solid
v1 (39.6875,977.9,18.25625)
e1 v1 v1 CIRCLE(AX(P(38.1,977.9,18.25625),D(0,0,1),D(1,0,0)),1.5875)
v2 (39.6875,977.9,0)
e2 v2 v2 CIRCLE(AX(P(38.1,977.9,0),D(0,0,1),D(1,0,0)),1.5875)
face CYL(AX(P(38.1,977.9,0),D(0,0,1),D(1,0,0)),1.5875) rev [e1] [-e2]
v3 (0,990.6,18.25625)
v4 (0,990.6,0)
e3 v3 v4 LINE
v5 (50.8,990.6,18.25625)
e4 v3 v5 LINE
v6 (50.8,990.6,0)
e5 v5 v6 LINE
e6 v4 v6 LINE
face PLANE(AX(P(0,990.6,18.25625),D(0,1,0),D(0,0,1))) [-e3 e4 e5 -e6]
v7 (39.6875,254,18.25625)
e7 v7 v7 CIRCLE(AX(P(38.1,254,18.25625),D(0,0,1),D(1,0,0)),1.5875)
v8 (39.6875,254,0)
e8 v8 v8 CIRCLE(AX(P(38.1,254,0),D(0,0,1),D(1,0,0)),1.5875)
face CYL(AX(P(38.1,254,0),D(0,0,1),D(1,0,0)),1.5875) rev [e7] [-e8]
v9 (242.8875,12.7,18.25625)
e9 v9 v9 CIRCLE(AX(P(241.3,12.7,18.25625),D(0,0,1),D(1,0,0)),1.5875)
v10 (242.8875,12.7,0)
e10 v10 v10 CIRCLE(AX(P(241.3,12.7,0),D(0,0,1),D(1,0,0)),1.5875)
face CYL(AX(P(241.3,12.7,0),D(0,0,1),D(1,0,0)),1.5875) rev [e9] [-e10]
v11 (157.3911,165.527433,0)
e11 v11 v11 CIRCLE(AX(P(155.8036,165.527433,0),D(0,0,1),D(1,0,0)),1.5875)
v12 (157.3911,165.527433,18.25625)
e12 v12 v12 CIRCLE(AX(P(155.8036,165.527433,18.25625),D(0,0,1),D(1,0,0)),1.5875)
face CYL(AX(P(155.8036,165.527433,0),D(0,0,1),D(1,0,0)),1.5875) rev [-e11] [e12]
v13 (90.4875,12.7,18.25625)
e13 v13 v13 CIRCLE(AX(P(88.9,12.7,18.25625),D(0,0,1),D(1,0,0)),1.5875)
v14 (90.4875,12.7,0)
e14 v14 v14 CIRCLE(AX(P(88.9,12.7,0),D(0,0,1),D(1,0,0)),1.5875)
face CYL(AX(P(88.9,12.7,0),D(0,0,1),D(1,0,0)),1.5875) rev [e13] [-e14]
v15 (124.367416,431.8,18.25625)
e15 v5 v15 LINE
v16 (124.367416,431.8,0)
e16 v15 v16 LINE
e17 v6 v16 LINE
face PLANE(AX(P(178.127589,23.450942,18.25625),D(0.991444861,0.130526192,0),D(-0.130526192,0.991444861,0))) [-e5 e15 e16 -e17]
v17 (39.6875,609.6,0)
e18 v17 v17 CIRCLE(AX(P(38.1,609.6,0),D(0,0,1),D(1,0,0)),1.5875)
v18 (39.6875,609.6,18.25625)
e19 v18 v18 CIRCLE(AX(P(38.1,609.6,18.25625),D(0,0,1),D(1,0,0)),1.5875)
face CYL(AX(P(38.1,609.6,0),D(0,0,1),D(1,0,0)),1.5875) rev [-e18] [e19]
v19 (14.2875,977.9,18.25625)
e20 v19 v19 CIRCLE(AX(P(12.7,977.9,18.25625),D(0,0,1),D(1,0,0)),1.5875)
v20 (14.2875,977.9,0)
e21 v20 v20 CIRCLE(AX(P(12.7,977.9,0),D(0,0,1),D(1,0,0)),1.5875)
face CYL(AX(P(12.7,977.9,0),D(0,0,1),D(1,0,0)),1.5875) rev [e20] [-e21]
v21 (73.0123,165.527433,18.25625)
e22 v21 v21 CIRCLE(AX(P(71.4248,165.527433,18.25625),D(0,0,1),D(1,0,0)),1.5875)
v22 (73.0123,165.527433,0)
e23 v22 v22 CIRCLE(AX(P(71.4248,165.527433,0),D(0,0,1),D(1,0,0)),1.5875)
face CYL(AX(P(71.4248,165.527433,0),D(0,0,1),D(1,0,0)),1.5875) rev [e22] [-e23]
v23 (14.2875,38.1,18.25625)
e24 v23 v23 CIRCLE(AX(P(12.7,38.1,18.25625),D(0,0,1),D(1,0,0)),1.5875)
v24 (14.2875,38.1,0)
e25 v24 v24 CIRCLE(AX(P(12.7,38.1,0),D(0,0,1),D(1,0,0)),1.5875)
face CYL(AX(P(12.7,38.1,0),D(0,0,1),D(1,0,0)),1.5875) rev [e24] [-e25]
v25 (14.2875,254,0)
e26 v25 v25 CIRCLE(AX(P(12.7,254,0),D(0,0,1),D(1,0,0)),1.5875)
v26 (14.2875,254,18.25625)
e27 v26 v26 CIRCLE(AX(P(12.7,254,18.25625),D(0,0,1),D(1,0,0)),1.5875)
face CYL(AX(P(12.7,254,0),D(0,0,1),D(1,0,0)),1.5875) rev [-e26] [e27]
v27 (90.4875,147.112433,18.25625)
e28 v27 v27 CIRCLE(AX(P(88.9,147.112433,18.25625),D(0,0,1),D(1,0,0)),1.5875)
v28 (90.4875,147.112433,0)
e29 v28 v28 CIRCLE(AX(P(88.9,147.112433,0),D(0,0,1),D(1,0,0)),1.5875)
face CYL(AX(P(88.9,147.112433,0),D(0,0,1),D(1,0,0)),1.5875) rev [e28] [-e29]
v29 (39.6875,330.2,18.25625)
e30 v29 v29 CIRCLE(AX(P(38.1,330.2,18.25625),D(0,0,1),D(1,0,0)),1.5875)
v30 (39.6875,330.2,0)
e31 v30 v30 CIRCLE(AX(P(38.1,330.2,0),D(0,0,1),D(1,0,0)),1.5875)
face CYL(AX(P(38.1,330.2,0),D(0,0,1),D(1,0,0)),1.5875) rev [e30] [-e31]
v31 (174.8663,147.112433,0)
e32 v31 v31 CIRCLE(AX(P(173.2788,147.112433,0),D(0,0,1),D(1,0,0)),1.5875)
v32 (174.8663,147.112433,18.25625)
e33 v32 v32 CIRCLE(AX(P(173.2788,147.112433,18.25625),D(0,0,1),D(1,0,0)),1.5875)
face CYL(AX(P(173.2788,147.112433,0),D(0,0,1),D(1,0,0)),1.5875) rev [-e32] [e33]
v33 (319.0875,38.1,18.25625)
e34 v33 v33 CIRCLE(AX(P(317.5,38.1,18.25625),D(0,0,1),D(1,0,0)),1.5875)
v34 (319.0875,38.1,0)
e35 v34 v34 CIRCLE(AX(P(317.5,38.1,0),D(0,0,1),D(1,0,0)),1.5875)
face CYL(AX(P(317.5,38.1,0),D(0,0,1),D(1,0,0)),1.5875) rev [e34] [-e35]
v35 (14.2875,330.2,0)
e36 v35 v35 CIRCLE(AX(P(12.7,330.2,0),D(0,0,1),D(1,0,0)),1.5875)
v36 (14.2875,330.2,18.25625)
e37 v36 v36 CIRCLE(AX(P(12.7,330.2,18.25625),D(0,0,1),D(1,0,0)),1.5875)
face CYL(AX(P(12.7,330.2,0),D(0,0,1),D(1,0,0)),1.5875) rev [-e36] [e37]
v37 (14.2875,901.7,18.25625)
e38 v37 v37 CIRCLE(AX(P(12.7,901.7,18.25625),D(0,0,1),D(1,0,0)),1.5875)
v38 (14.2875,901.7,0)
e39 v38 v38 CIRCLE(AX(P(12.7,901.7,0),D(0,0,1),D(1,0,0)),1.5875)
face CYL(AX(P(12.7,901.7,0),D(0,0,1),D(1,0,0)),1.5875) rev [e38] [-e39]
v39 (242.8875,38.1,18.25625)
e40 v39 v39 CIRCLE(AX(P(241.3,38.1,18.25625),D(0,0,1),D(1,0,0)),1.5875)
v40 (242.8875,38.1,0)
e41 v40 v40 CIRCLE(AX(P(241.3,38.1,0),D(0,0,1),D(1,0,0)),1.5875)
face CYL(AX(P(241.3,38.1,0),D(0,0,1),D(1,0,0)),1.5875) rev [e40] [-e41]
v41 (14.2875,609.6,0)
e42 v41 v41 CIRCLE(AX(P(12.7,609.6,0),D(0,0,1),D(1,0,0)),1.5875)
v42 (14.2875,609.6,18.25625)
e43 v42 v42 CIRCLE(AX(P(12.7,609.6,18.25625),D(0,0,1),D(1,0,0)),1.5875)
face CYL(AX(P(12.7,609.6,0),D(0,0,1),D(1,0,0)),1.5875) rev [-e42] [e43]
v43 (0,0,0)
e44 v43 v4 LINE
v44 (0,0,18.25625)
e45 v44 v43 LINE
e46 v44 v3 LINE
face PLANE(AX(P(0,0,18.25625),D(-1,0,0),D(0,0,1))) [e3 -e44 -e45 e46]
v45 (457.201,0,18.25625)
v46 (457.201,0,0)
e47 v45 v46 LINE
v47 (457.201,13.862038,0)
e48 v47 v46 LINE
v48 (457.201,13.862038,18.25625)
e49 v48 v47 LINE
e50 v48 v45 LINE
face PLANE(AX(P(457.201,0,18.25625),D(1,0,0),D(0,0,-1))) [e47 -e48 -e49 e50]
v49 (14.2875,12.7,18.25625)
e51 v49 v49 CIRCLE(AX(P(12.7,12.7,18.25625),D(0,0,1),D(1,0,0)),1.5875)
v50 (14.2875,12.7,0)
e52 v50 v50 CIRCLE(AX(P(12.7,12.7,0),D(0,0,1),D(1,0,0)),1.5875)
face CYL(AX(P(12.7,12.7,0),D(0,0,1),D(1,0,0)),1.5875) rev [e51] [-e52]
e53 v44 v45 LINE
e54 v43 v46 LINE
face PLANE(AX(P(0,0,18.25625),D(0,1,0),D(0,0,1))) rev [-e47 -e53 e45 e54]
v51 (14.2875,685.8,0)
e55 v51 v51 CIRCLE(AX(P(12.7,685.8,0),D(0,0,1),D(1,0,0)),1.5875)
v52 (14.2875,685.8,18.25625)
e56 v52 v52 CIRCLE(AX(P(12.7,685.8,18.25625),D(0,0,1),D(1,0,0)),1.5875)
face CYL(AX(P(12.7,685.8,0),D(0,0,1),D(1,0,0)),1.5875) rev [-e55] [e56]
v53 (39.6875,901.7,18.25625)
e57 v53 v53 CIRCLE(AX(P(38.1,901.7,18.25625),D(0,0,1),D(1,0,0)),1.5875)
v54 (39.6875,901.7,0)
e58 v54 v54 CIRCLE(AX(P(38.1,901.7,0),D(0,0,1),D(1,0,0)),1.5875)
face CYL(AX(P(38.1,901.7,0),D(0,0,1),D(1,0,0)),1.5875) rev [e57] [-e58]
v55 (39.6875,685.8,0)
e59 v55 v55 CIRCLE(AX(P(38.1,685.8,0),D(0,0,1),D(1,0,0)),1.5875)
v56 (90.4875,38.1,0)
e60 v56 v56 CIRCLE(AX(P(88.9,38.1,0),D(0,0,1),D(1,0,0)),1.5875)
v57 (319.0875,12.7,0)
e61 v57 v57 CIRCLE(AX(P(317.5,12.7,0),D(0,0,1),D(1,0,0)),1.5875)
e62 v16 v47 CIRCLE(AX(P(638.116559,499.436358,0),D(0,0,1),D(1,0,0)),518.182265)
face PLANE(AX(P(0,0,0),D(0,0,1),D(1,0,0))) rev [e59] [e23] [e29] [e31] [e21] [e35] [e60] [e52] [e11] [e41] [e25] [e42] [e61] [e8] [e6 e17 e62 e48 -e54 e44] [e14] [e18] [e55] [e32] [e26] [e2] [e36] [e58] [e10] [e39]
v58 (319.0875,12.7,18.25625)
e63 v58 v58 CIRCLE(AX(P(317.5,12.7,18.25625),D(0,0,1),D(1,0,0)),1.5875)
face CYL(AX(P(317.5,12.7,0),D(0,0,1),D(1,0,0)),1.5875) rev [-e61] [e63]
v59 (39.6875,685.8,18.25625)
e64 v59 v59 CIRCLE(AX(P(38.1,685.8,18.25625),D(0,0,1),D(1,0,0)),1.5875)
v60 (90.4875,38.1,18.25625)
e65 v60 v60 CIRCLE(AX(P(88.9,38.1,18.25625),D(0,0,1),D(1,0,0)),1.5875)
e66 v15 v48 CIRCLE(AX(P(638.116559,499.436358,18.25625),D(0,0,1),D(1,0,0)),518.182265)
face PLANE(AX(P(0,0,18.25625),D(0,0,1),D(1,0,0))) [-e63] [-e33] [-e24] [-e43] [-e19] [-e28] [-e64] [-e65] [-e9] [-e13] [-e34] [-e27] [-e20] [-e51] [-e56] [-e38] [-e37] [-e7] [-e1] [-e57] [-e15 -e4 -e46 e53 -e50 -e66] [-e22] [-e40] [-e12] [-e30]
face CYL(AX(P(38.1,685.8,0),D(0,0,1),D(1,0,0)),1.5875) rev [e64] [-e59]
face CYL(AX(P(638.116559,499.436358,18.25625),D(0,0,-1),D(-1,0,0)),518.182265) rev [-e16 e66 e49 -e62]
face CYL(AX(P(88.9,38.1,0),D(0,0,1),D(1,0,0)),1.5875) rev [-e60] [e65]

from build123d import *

# Parameters (mm, degrees)
BOSS_EXTRUDE1_DEPTH = 18.25625
SKETCH2_R           = 1.5875
CUT_EXTRUDE1_DEPTH  = 19.25625
SKETCH3_R           = 1.5875
CUT_EXTRUDE2_DEPTH  = 19.25625


with BuildPart() as part:
    # Sketch1 → Boss-Extrude1 (new body)
    with BuildSketch(Plane.XY):
        with BuildLine():
            Line((0, 990.6), (0, 0))
            Line((0, 0), (457.201, 0))
            Line((457.201, 0), (457.201, 13.862038208))
            ThreePointArc((457.201, 13.862038208), (232.767577124, 176.628269142), (124.367415652, 431.8))
            Line((124.367415652, 431.8), (50.8, 990.6))
            Line((50.8, 990.6), (0, 990.6))
        make_face()
    extrude(amount=BOSS_EXTRUDE1_DEPTH)

    # Sketch2 → Cut-Extrude1 (cut, through all)
    with BuildSketch(Plane.XY.offset(18.25625)):
        with Locations((12.7, 977.9)):
            Circle(SKETCH2_R)
        with Locations((38.1, 977.9)):
            Circle(SKETCH2_R)
        with Locations((12.7, 901.7)):
            Circle(SKETCH2_R)
        with Locations((38.1, 901.7)):
            Circle(SKETCH2_R)
        with Locations((12.7, 609.6)):
            Circle(SKETCH2_R)
        with Locations((38.1, 609.6)):
            Circle(SKETCH2_R)
        with Locations((12.7, 685.8)):
            Circle(SKETCH2_R)
        with Locations((38.1, 685.8)):
            Circle(SKETCH2_R)
        with Locations((12.7, 254)):
            Circle(SKETCH2_R)
        with Locations((38.1, 254)):
            Circle(SKETCH2_R)
        with Locations((12.7, 330.2)):
            Circle(SKETCH2_R)
        with Locations((38.1, 330.2)):
            Circle(SKETCH2_R)
        with Locations((12.7, 38.1)):
            Circle(SKETCH2_R)
        with Locations((12.7, 12.7)):
            Circle(SKETCH2_R)
        with Locations((88.9, 38.1)):
            Circle(SKETCH2_R)
        with Locations((88.9, 12.7)):
            Circle(SKETCH2_R)
        with Locations((241.3, 38.1)):
            Circle(SKETCH2_R)
        with Locations((317.5, 38.1)):
            Circle(SKETCH2_R)
        with Locations((241.3, 12.7)):
            Circle(SKETCH2_R)
        with Locations((317.5, 12.7)):
            Circle(SKETCH2_R)
    extrude(amount=-CUT_EXTRUDE1_DEPTH, mode=Mode.SUBTRACT)

    # Sketch3 → Cut-Extrude2 (cut, through all)
    with BuildSketch(Plane.XY.offset(18.25625)):
        with Locations((88.9, 147.112433493)):
            Circle(SKETCH3_R)
        with Locations((71.4248, 165.527433493)):
            Circle(SKETCH3_R)
        with Locations((155.8036, 165.527433493)):
            Circle(SKETCH3_R)
        with Locations((173.2788, 147.112433493)):
            Circle(SKETCH3_R)
    extrude(amount=-CUT_EXTRUDE2_DEPTH, mode=Mode.SUBTRACT)


solid = part.part
